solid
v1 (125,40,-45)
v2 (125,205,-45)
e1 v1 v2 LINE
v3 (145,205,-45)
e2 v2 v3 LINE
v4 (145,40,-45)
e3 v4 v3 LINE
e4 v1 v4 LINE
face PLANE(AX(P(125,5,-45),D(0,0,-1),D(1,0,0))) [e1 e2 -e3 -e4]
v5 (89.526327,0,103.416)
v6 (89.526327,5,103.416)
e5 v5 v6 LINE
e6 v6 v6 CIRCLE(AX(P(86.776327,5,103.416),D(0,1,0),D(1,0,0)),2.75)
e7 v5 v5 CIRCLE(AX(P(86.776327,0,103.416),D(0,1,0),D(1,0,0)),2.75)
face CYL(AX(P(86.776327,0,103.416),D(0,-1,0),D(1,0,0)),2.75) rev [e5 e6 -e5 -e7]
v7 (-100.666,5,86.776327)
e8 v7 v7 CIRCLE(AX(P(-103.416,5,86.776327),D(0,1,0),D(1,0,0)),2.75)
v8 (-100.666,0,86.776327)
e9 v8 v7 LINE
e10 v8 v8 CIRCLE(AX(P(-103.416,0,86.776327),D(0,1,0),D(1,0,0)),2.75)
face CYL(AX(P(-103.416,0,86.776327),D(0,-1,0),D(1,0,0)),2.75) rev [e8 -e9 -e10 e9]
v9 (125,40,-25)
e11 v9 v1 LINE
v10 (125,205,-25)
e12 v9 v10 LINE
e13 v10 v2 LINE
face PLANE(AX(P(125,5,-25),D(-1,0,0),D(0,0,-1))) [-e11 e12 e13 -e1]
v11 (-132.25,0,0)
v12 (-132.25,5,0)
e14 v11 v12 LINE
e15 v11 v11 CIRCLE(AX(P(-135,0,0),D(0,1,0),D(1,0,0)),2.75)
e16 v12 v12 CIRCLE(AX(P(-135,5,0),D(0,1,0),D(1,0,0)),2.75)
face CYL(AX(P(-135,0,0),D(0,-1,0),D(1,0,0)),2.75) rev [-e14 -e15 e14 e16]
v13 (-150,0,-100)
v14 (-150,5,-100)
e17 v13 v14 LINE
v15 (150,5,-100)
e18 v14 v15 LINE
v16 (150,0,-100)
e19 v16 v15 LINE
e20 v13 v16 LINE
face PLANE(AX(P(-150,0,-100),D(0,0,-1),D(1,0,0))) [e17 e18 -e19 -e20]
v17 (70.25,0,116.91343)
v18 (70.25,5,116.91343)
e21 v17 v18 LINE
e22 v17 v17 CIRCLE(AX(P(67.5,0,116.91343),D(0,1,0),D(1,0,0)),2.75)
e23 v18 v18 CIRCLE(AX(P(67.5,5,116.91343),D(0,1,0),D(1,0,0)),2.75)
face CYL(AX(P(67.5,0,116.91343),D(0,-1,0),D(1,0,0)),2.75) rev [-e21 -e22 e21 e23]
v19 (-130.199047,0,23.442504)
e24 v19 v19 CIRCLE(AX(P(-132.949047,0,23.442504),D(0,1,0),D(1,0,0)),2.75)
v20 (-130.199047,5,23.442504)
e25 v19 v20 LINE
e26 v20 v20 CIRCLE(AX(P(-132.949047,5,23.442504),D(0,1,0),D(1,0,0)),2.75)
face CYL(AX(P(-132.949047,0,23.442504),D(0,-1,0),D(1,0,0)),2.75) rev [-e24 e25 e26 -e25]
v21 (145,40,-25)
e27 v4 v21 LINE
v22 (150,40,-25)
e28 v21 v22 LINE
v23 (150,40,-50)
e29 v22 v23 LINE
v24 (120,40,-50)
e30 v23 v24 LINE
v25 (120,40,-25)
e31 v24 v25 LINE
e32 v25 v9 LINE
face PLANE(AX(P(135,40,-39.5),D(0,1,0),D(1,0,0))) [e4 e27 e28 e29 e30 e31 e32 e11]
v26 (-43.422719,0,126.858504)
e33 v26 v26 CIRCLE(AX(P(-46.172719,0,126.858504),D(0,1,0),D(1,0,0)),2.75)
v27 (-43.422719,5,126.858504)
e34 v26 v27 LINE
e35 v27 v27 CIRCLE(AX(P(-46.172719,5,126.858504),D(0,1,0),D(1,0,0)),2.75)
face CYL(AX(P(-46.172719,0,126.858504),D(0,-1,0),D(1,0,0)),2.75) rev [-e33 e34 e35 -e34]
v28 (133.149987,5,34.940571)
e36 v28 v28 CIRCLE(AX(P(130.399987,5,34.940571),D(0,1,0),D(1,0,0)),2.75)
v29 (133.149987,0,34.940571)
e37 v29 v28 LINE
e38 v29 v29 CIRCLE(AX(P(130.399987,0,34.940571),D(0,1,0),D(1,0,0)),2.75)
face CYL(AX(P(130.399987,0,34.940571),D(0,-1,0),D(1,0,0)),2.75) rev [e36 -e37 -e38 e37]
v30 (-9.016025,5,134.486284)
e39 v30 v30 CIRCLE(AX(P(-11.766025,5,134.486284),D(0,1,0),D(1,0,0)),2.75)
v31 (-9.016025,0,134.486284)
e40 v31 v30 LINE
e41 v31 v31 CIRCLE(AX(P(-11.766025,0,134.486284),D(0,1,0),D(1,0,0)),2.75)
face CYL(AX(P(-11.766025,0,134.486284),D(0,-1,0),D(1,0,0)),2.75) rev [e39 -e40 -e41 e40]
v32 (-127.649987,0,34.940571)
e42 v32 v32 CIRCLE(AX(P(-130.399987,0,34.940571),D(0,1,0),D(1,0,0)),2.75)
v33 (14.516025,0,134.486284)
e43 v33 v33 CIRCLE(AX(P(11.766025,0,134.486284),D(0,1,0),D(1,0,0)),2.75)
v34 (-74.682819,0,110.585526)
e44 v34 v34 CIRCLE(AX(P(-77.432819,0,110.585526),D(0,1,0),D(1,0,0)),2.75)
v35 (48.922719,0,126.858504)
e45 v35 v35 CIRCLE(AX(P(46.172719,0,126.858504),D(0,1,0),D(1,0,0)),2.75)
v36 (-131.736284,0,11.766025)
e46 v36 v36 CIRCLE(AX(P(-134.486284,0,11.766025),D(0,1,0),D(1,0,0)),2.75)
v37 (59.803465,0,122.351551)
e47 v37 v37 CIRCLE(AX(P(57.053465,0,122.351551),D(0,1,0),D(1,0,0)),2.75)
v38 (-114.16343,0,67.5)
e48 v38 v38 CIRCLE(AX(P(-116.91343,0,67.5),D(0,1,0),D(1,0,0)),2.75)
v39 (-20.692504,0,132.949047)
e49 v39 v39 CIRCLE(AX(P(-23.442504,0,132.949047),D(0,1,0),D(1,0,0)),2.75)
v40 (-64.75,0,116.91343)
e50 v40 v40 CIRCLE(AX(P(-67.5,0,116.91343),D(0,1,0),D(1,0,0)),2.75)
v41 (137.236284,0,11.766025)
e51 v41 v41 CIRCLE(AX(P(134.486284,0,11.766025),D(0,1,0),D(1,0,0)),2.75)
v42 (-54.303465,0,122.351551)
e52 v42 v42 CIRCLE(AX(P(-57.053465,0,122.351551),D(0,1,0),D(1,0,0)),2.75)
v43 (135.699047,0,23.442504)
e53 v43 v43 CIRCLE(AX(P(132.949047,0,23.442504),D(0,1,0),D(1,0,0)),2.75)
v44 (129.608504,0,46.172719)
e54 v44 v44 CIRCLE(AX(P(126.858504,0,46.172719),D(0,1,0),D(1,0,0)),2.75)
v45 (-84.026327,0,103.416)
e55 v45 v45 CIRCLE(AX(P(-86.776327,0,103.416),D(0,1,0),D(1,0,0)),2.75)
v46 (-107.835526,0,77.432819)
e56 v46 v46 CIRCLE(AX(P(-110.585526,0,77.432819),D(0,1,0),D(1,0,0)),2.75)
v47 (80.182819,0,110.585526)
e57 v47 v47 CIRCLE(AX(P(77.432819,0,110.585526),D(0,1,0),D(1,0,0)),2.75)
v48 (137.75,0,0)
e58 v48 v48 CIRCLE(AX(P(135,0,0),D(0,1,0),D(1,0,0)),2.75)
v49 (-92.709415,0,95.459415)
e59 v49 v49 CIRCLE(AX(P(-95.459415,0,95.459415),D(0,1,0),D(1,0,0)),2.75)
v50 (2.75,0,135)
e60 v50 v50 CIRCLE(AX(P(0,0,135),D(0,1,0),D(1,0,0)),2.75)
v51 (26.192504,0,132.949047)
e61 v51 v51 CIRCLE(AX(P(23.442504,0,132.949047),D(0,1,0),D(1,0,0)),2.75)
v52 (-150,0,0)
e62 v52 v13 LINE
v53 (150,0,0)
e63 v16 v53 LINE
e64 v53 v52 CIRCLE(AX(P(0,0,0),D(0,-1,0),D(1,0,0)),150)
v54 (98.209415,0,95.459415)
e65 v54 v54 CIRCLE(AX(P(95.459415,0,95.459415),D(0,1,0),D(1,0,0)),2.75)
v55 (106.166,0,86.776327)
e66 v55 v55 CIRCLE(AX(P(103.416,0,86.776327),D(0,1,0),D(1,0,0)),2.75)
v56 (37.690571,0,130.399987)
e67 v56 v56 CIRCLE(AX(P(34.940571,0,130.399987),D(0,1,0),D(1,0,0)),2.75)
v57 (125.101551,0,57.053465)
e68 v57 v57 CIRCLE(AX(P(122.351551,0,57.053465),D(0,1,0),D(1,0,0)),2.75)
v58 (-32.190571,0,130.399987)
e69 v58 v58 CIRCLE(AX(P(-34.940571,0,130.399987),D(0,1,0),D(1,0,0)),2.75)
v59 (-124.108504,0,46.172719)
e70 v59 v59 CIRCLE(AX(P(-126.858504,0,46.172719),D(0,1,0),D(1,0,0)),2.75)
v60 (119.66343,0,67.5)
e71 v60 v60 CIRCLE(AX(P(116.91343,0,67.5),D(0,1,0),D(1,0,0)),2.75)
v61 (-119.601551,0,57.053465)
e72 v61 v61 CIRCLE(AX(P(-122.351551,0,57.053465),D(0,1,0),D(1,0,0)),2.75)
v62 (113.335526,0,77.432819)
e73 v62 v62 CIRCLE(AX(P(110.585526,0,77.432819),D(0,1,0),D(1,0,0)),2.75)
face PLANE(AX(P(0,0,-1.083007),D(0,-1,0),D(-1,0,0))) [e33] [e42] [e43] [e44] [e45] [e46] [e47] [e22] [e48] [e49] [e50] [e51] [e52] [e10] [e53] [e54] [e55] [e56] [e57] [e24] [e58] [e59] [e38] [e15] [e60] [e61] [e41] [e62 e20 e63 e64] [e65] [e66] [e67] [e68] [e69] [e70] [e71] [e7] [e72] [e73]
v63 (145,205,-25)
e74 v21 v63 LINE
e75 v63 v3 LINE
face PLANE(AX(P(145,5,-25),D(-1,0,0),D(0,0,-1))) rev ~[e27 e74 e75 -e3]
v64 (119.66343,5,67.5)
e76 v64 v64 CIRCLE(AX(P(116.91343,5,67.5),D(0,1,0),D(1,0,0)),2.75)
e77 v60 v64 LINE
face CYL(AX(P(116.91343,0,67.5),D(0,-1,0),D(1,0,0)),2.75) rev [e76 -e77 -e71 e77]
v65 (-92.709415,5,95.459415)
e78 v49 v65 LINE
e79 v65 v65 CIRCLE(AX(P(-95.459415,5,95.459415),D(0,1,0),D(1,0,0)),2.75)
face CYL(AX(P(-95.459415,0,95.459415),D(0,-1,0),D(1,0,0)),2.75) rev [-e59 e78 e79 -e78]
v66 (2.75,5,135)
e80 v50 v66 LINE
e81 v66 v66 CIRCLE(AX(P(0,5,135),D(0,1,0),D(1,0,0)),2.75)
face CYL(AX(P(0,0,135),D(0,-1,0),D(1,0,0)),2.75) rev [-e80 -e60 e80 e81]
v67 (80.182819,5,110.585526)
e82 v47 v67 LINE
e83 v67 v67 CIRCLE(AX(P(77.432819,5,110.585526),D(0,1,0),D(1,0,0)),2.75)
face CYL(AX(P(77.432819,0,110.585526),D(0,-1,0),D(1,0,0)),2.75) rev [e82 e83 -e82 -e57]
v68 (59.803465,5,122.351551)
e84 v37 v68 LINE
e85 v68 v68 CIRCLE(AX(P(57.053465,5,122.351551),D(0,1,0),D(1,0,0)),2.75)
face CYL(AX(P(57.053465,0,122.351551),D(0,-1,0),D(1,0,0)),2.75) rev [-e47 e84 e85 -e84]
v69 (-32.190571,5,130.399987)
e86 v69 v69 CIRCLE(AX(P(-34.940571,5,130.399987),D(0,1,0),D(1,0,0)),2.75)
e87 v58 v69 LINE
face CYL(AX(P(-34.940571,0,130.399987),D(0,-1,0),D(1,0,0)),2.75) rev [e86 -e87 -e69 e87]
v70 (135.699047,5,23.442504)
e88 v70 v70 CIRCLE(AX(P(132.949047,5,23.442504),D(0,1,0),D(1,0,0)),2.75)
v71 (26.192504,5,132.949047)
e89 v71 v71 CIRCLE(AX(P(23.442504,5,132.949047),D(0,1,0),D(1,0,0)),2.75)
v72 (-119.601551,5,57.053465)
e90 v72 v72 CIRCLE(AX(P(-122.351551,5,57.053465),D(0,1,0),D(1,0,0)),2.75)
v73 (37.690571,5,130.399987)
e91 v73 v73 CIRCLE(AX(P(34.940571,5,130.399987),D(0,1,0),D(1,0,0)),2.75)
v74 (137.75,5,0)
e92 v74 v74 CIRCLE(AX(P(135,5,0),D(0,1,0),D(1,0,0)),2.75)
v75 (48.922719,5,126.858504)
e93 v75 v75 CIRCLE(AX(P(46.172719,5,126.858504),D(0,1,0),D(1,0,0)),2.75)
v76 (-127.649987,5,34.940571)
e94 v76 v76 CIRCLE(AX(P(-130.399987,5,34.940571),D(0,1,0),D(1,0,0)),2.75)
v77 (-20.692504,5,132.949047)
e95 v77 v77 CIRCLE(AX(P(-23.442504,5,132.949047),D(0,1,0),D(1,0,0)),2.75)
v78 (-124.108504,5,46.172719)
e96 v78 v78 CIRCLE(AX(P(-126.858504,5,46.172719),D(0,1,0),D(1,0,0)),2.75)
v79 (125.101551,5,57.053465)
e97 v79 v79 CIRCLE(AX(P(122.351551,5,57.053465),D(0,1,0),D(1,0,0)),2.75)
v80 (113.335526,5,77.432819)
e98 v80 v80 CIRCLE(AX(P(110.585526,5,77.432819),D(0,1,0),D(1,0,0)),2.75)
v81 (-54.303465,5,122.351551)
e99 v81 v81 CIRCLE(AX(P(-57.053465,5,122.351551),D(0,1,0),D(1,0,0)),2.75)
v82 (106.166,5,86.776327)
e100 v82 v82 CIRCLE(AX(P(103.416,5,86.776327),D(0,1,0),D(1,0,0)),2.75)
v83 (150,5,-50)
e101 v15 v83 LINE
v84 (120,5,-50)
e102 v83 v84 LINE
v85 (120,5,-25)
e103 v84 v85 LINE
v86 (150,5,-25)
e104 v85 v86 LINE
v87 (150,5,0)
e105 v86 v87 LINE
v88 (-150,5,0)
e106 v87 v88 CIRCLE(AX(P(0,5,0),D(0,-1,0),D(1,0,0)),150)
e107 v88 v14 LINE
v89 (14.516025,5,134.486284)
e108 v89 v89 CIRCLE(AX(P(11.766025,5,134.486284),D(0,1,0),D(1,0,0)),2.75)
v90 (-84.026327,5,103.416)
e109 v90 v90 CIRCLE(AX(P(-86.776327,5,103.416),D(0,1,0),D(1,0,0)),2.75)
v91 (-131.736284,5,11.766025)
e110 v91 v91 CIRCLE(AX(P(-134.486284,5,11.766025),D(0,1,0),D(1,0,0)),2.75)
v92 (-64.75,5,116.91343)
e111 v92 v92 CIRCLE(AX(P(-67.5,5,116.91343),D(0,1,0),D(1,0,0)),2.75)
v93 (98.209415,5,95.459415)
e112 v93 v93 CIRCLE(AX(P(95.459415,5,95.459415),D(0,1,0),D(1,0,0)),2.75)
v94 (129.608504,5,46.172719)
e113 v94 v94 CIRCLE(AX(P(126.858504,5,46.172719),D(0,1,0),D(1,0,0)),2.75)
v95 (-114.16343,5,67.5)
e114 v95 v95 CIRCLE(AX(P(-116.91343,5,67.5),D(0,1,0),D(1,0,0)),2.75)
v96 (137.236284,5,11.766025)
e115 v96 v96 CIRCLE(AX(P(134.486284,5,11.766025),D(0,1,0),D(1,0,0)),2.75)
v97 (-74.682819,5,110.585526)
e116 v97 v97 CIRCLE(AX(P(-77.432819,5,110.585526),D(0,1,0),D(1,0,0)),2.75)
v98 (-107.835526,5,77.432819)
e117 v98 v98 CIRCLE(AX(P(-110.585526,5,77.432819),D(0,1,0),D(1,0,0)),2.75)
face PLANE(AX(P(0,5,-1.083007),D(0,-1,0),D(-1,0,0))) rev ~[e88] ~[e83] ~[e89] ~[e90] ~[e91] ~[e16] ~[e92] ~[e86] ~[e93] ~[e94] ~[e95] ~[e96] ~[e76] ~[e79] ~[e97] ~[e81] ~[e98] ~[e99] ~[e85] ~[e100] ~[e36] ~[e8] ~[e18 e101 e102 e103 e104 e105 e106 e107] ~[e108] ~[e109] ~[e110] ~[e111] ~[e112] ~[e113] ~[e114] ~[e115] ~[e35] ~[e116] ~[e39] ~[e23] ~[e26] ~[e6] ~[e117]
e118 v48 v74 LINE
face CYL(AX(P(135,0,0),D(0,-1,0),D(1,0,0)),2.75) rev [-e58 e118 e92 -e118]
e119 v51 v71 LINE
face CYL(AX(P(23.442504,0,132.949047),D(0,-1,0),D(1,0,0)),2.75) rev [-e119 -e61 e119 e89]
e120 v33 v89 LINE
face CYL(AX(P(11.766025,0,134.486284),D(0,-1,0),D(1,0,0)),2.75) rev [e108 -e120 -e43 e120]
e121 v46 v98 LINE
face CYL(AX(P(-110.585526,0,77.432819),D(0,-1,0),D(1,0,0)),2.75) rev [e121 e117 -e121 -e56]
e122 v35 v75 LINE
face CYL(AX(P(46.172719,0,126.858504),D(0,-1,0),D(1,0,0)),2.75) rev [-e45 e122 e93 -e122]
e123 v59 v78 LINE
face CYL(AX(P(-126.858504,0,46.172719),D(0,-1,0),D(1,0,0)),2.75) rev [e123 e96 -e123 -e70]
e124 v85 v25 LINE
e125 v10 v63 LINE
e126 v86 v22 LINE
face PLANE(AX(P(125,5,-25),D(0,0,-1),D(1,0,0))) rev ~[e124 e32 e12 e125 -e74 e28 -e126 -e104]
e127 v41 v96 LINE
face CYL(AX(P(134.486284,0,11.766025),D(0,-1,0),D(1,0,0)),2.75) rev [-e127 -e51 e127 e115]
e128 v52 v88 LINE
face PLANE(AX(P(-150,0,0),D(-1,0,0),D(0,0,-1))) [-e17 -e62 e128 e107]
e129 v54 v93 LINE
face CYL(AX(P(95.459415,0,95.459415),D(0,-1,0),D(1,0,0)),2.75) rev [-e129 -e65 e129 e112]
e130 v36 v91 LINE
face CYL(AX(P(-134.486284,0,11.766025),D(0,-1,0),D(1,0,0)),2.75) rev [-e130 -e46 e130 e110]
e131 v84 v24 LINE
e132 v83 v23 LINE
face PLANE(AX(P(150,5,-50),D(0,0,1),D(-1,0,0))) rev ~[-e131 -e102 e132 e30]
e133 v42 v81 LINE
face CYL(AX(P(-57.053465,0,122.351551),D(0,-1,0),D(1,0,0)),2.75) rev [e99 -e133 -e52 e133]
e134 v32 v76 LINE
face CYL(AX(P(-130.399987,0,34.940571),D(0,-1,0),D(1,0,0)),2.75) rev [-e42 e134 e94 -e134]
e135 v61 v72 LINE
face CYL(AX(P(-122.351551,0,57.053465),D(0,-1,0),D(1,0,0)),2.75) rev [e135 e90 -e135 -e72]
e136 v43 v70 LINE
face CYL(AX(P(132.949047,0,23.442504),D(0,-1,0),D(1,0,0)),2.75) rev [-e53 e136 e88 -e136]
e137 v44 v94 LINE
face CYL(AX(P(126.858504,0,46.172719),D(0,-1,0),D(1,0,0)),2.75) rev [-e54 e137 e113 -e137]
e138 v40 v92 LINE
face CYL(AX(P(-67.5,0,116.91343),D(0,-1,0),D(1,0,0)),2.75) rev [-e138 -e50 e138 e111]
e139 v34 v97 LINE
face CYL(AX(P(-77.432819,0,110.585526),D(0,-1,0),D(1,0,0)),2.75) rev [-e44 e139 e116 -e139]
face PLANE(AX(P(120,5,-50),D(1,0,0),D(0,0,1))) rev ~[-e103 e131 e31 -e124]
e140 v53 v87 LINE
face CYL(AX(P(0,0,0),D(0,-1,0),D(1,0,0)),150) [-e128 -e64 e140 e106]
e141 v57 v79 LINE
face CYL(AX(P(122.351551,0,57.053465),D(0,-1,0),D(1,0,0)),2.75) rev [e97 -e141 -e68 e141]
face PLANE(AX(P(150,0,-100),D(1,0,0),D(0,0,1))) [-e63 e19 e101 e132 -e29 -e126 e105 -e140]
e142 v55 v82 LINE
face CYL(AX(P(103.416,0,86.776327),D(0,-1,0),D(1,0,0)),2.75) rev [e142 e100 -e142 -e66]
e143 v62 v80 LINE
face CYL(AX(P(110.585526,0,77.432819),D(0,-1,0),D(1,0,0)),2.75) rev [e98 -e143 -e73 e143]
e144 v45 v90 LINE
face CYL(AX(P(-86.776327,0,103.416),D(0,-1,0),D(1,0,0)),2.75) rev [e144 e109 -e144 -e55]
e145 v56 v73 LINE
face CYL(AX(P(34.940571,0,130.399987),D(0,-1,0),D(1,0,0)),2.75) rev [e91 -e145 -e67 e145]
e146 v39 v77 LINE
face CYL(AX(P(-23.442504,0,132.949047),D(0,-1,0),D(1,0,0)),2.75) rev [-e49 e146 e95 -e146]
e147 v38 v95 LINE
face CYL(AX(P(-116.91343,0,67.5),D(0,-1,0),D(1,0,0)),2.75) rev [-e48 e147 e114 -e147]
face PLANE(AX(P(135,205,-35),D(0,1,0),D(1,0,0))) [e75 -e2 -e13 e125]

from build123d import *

# Parameters (mm, degrees)
SKETCH1_R           = 2.75
BOSS_EXTRUDE1_DEPTH = 5
BOSS_EXTRUDE2_DEPTH = 35
SKETCH2_3_W         = 20
SKETCH2_3_H         = 20
BOSS_EXTRUDE3_DEPTH = 200


with BuildPart() as part:
    # Sketch1 → Boss-Extrude1 (new body)
    with BuildSketch(Plane(origin=(0, 0, 0), x_dir=(1, 0, 0), z_dir=(0, 1, 0))):
        with BuildLine():
            Line((-150, 0), (-150, 100))
            Line((-150, 100), (150, 100))
            Line((150, 100), (150, 0))
            ThreePointArc((150, 0), (0, -150), (-150, 0))
        make_face()
        with Locations((135, 0)):
            Circle(SKETCH1_R, mode=Mode.SUBTRACT)
        with Locations((134.486284242, -11.766025271)):
            Circle(SKETCH1_R, mode=Mode.SUBTRACT)
        with Locations((132.949046657, -23.442503985)):
            Circle(SKETCH1_R, mode=Mode.SUBTRACT)
        with Locations((130.399986549, -34.940571089)):
            Circle(SKETCH1_R, mode=Mode.SUBTRACT)
        with Locations((126.858503806, -46.172719349)):
            Circle(SKETCH1_R, mode=Mode.SUBTRACT)
        with Locations((122.35155125, -57.053465335)):
            Circle(SKETCH1_R, mode=Mode.SUBTRACT)
        with Locations((116.913429511, -67.5)):
            Circle(SKETCH1_R, mode=Mode.SUBTRACT)
        with Locations((110.585525979, -77.432818907)):
            Circle(SKETCH1_R, mode=Mode.SUBTRACT)
        with Locations((103.415999821, -86.776327308)):
            Circle(SKETCH1_R, mode=Mode.SUBTRACT)
        with Locations((95.45941546, -95.45941546)):
            Circle(SKETCH1_R, mode=Mode.SUBTRACT)
        with Locations((86.776327308, -103.415999821)):
            Circle(SKETCH1_R, mode=Mode.SUBTRACT)
        with Locations((77.432818907, -110.585525979)):
            Circle(SKETCH1_R, mode=Mode.SUBTRACT)
        with Locations((67.5, -116.913429511)):
            Circle(SKETCH1_R, mode=Mode.SUBTRACT)
        with Locations((57.053465335, -122.35155125)):
            Circle(SKETCH1_R, mode=Mode.SUBTRACT)
        with Locations((46.172719349, -126.858503806)):
            Circle(SKETCH1_R, mode=Mode.SUBTRACT)
        with Locations((34.940571089, -130.399986549)):
            Circle(SKETCH1_R, mode=Mode.SUBTRACT)
        with Locations((23.442503985, -132.949046657)):
            Circle(SKETCH1_R, mode=Mode.SUBTRACT)
        with Locations((11.766025271, -134.486284242)):
            Circle(SKETCH1_R, mode=Mode.SUBTRACT)
        with Locations((0, -135)):
            Circle(SKETCH1_R, mode=Mode.SUBTRACT)
        with Locations((-11.766025271, -134.486284242)):
            Circle(SKETCH1_R, mode=Mode.SUBTRACT)
        with Locations((-23.442503985, -132.949046657)):
            Circle(SKETCH1_R, mode=Mode.SUBTRACT)
        with Locations((-34.940571089, -130.399986549)):
            Circle(SKETCH1_R, mode=Mode.SUBTRACT)
        with Locations((-46.172719349, -126.858503806)):
            Circle(SKETCH1_R, mode=Mode.SUBTRACT)
        with Locations((-57.053465335, -122.35155125)):
            Circle(SKETCH1_R, mode=Mode.SUBTRACT)
        with Locations((-67.5, -116.913429511)):
            Circle(SKETCH1_R, mode=Mode.SUBTRACT)
        with Locations((-77.432818907, -110.585525979)):
            Circle(SKETCH1_R, mode=Mode.SUBTRACT)
        with Locations((-86.776327308, -103.415999821)):
            Circle(SKETCH1_R, mode=Mode.SUBTRACT)
        with Locations((-95.45941546, -95.45941546)):
            Circle(SKETCH1_R, mode=Mode.SUBTRACT)
        with Locations((-103.415999821, -86.776327308)):
            Circle(SKETCH1_R, mode=Mode.SUBTRACT)
        with Locations((-110.585525979, -77.432818907)):
            Circle(SKETCH1_R, mode=Mode.SUBTRACT)
        with Locations((-116.913429511, -67.5)):
            Circle(SKETCH1_R, mode=Mode.SUBTRACT)
        with Locations((-122.35155125, -57.053465335)):
            Circle(SKETCH1_R, mode=Mode.SUBTRACT)
        with Locations((-126.858503806, -46.172719349)):
            Circle(SKETCH1_R, mode=Mode.SUBTRACT)
        with Locations((-130.399986549, -34.940571089)):
            Circle(SKETCH1_R, mode=Mode.SUBTRACT)
        with Locations((-132.949046657, -23.442503985)):
            Circle(SKETCH1_R, mode=Mode.SUBTRACT)
        with Locations((-134.486284242, -11.766025271)):
            Circle(SKETCH1_R, mode=Mode.SUBTRACT)
        with Locations((-135, 0)):
            Circle(SKETCH1_R, mode=Mode.SUBTRACT)
    extrude(amount=BOSS_EXTRUDE1_DEPTH)

    # Sketch2 → Boss-Extrude2 (add)
    with BuildSketch(Plane(origin=(0, 5, 0), x_dir=(1, 0, 0), z_dir=(0, 1, 0))):
        Polygon((150, 25), (150, 50), (120, 50), (120, 25), (125, 25), (125, 45), (145, 45), (145, 25), align=None)
    extrude(amount=BOSS_EXTRUDE2_DEPTH)

    # Sketch2<3> → Boss-Extrude3 (add)
    with BuildSketch(Plane(origin=(0, 5, 0), x_dir=(1, 0, 0), z_dir=(0, 1, 0))):
        with Locations((135, 35)):
            Rectangle(SKETCH2_3_W, SKETCH2_3_H)
    extrude(amount=BOSS_EXTRUDE3_DEPTH)


solid = part.part
